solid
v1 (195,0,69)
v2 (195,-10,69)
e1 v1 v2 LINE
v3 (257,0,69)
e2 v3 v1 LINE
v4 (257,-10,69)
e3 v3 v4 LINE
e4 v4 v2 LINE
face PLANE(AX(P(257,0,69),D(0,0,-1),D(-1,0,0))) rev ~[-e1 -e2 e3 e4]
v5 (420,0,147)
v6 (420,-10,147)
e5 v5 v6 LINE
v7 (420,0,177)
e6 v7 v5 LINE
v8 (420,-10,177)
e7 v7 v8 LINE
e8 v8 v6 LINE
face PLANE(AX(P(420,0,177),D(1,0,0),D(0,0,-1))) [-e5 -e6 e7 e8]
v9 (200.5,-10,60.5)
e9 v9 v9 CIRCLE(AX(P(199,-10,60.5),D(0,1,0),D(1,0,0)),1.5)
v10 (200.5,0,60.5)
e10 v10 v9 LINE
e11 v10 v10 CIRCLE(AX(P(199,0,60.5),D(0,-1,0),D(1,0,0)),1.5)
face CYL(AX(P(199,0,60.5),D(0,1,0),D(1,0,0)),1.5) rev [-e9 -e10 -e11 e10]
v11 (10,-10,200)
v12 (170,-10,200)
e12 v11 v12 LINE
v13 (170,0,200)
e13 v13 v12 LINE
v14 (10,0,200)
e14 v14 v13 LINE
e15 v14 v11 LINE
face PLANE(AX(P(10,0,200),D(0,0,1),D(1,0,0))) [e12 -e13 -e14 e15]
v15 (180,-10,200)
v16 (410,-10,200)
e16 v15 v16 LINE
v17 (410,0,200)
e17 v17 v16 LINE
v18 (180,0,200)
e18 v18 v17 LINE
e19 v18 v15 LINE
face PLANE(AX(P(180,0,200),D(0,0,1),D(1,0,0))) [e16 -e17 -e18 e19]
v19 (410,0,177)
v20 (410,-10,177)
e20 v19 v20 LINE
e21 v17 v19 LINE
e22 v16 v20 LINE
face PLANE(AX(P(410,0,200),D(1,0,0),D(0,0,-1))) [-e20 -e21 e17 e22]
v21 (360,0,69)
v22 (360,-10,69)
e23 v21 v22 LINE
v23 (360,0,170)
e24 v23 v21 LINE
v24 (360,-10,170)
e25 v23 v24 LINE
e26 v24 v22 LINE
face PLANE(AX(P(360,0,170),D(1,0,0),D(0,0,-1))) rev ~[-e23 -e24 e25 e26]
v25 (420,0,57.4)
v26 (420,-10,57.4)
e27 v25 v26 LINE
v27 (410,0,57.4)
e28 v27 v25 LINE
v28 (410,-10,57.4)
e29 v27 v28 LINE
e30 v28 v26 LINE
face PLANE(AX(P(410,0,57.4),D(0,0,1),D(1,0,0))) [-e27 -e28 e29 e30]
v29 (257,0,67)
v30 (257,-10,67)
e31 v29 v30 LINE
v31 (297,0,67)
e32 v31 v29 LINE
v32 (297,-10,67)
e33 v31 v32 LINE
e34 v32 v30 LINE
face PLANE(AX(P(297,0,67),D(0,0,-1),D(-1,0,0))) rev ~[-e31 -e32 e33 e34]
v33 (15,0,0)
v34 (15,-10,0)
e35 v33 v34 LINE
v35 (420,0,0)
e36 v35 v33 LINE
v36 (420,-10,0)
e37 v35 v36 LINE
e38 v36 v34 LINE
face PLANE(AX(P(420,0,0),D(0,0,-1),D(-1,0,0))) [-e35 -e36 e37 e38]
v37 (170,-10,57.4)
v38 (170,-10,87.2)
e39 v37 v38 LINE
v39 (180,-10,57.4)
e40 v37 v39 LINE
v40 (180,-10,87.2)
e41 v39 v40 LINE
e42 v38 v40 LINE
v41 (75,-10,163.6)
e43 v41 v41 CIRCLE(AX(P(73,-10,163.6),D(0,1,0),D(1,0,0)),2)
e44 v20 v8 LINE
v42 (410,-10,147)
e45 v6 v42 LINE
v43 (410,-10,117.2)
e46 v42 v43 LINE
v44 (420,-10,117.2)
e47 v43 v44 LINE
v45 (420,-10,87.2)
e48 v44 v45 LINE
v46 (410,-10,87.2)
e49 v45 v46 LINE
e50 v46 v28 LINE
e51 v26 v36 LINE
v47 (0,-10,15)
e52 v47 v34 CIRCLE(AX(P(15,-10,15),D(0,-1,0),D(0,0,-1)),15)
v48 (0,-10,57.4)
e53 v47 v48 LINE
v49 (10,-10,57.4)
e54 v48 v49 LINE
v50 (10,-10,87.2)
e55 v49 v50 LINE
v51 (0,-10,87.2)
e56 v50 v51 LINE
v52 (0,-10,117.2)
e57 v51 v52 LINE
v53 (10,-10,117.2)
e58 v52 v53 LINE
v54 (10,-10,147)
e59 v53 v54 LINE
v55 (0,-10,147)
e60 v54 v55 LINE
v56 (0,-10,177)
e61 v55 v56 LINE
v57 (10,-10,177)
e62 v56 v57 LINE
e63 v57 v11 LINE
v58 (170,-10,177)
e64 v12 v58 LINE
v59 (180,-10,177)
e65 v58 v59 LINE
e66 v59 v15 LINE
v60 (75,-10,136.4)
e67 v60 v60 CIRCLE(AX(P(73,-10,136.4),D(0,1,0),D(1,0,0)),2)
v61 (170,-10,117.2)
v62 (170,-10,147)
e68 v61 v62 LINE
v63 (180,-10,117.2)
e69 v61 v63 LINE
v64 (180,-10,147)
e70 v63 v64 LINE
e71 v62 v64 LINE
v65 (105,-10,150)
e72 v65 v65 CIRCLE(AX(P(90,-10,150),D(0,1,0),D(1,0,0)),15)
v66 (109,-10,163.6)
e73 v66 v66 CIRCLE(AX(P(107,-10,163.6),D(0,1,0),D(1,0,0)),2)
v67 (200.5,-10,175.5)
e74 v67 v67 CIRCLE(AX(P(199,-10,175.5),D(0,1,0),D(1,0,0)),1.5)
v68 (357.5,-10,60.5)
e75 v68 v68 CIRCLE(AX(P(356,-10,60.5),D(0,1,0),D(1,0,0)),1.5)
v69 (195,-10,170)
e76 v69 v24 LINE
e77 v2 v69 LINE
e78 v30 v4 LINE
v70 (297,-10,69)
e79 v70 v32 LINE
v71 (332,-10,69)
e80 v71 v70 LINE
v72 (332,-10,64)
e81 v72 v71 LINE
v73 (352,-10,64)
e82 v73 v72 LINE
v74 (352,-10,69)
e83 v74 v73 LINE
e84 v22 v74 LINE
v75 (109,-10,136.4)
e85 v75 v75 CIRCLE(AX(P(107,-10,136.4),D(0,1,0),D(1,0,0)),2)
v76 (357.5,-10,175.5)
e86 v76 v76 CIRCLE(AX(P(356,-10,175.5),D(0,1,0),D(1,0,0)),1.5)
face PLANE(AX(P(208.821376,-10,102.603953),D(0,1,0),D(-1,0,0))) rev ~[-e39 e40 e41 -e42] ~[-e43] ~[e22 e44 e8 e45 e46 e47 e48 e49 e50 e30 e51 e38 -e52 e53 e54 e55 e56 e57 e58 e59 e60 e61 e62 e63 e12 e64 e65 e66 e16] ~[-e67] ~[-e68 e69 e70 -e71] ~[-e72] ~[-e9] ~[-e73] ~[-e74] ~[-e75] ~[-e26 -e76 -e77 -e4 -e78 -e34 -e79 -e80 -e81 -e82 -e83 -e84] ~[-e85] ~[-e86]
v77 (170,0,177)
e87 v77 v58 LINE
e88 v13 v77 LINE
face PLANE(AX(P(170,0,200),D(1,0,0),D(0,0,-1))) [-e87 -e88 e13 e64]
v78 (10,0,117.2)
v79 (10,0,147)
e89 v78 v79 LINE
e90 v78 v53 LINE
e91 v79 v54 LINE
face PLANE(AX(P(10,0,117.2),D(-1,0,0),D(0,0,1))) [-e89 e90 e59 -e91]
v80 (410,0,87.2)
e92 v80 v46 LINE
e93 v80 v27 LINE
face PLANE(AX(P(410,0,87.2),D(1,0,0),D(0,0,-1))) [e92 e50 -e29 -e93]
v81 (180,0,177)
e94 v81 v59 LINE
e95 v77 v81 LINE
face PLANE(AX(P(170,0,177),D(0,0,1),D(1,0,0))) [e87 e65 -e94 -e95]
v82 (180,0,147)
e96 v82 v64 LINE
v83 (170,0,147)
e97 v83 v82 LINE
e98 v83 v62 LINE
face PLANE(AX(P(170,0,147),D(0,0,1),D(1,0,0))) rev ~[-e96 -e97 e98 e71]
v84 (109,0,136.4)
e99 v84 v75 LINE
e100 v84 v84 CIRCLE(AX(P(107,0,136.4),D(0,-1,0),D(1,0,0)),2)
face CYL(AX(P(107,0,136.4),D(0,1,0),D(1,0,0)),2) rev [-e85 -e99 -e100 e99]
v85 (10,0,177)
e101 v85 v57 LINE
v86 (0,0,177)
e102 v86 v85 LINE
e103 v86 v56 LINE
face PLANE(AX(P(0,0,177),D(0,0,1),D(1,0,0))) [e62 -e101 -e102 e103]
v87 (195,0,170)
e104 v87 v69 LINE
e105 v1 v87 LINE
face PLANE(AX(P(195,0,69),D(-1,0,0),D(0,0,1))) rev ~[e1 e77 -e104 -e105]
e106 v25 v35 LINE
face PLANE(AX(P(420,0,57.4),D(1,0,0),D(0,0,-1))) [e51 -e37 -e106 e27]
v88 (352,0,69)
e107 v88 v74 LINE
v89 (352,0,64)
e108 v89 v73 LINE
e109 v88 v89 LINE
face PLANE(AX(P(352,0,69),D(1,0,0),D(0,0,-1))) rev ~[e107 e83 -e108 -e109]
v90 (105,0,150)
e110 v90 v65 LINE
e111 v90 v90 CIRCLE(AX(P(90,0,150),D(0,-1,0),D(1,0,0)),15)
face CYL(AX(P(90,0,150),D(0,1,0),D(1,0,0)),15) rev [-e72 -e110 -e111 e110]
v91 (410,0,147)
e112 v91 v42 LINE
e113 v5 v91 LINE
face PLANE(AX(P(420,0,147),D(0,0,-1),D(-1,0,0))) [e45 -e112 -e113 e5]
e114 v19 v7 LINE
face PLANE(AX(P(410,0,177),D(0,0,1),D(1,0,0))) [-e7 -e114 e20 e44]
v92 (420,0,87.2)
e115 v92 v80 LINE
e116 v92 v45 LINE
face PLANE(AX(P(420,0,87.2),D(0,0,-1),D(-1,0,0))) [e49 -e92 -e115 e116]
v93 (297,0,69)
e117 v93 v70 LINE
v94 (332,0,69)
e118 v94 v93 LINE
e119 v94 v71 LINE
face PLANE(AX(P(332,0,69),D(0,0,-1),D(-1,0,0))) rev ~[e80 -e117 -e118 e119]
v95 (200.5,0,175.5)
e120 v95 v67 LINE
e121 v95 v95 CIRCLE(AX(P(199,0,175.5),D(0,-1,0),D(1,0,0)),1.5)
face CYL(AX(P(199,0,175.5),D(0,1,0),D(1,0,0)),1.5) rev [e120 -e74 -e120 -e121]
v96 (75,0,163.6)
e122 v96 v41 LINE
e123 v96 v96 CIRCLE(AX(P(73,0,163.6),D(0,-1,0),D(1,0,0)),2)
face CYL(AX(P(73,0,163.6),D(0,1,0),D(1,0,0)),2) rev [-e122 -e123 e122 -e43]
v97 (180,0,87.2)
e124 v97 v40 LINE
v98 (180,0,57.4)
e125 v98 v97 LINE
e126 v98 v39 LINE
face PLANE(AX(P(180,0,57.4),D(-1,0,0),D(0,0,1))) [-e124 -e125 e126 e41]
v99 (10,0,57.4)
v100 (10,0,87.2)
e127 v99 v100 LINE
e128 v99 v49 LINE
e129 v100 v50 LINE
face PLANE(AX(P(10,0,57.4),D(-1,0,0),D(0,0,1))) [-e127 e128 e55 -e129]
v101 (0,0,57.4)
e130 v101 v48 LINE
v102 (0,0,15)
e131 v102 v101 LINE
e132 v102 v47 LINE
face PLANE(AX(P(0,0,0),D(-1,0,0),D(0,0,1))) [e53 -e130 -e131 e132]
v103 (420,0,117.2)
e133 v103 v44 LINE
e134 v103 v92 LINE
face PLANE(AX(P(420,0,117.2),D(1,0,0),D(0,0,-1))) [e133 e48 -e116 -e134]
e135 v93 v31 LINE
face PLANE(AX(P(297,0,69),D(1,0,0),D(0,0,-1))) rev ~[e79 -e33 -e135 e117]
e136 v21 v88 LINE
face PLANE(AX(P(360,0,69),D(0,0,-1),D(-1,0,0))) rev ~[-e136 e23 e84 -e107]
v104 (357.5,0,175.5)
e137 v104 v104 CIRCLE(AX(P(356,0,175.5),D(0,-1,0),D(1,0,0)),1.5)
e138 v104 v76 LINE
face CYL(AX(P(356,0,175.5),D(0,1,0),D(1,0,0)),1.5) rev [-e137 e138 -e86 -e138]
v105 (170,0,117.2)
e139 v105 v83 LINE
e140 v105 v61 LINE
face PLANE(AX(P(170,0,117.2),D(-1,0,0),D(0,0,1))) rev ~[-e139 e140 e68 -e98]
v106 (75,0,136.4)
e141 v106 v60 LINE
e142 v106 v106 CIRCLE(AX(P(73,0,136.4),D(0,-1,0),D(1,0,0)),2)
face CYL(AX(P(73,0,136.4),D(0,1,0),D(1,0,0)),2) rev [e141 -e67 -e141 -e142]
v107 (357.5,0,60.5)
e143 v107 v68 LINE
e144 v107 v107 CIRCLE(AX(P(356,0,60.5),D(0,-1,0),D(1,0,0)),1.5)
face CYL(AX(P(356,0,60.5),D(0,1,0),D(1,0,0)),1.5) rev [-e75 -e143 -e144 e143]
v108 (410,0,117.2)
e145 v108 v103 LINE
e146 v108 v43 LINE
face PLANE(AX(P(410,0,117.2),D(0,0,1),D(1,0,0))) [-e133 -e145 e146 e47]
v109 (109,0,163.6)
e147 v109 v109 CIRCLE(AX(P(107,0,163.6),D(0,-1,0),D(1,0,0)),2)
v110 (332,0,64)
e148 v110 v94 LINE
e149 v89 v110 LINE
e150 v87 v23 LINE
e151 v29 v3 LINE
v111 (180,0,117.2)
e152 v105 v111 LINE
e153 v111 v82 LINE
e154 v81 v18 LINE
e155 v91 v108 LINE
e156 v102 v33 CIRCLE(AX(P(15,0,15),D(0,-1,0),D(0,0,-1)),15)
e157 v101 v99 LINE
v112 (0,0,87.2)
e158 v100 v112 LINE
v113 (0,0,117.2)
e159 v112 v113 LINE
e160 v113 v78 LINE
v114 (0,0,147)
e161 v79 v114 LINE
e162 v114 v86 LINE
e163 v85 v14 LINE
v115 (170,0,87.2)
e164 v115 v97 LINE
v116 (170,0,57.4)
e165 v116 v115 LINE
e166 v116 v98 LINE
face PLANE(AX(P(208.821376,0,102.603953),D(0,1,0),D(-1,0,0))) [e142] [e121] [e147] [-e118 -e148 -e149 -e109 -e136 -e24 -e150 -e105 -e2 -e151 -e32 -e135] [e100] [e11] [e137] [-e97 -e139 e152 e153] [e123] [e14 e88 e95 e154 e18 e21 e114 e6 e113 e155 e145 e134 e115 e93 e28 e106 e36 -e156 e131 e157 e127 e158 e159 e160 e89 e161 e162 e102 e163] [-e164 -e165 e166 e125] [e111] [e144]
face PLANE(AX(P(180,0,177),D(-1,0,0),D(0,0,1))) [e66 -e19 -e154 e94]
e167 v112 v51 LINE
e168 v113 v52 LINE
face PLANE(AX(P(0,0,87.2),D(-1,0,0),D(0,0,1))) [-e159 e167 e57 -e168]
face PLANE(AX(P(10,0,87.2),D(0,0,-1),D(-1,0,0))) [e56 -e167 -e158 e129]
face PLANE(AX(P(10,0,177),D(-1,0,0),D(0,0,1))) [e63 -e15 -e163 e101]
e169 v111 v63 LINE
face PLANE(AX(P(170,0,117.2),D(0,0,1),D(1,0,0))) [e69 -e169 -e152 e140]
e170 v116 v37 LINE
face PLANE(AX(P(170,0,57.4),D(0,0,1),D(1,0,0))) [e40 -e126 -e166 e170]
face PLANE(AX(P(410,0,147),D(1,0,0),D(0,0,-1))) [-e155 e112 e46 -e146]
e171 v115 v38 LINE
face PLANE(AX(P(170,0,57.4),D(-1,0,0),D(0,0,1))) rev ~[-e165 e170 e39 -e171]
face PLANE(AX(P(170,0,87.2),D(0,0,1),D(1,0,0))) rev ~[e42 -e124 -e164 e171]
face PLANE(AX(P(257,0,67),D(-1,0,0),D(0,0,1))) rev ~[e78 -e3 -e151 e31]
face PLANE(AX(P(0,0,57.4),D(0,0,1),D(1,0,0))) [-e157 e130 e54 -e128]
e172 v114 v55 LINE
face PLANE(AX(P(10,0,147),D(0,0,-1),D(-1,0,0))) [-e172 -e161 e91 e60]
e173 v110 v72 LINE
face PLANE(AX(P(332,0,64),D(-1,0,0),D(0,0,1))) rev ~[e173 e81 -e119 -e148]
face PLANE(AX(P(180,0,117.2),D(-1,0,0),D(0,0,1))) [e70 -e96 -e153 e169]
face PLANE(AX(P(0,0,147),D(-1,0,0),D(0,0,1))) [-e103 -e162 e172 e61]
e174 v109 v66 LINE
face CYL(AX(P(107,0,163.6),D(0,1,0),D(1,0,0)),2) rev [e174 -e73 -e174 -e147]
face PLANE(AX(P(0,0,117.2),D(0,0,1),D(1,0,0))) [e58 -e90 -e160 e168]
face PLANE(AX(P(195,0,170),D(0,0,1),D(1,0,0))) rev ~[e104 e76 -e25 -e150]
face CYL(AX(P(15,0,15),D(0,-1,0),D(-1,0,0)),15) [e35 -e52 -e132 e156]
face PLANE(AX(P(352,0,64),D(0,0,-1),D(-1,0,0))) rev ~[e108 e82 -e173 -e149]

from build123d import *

# Parameters (mm, degrees)
SKETCH_W          = 10
SKETCH_H          = 29.8
PAD_DEPTH         = 10
COPYSKETCH001_R   = 2
COPYSKETCH001_R_2 = 15
POCKET_DEPTH      = 10.001
FILLET_R          = 15
SKETCH001_R       = 1.5
POCKET001_DEPTH   = 10.001


with BuildPart() as part:
    # Sketch → Pad (new body)
    with BuildSketch(Plane.XZ):
        Polygon((0, 0), (0, 57.4), (10, 57.4), (10, 87.2), (0, 87.2), (0, 117.2), (10, 117.2), (10, 147), (0, 147), (0, 177), (10, 177), (10, 200), (170, 200), (170, 177), (180, 177), (180, 200), (410, 200), (410, 177), (420, 177), (420, 147), (410, 147), (410, 117.2), (420, 117.2), (420, 87.2), (410, 87.2), (410, 57.4), (420, 57.4), (420, 0), align=None)
        with Locations((175, 132.1)):
            Rectangle(SKETCH_W, SKETCH_H, mode=Mode.SUBTRACT)
        with Locations((175, 72.3)):
            Rectangle(SKETCH_W, SKETCH_H, mode=Mode.SUBTRACT)
    extrude(amount=PAD_DEPTH)

    # CopySketch001 → Pocket (cut, through all)
    with BuildSketch(Plane.XZ):
        with Locations((73, 163.6)):
            Circle(COPYSKETCH001_R)
        with Locations((107, 163.6)):
            Circle(COPYSKETCH001_R)
        with Locations((107, 136.4)):
            Circle(COPYSKETCH001_R)
        with Locations((73, 136.4)):
            Circle(COPYSKETCH001_R)
        with Locations((90, 150)):
            Circle(COPYSKETCH001_R_2)
    extrude(amount=POCKET_DEPTH, mode=Mode.SUBTRACT)

    # Fillet
    fillet_edges = [part.edges().sort_by_distance(p)[0] for p in [
        (0, -5, 0),
    ]]
    fillet(fillet_edges, radius=FILLET_R)

    # Sketch001 → Pocket001 (cut, through all)
    with BuildSketch(Plane.XZ):
        with Locations((199, 175.5)):
            Circle(SKETCH001_R)
        with Locations((356, 175.5)):
            Circle(SKETCH001_R)
        with Locations((356, 60.5)):
            Circle(SKETCH001_R)
        with Locations((199, 60.5)):
            Circle(SKETCH001_R)
        Polygon((195, 170), (360, 170), (360, 69), (352, 69), (352, 64), (332, 64), (332, 69), (297, 69), (297, 67), (257, 67), (257, 69), (195, 69), align=None)
    extrude(amount=POCKET001_DEPTH, mode=Mode.SUBTRACT)


solid = part.part
